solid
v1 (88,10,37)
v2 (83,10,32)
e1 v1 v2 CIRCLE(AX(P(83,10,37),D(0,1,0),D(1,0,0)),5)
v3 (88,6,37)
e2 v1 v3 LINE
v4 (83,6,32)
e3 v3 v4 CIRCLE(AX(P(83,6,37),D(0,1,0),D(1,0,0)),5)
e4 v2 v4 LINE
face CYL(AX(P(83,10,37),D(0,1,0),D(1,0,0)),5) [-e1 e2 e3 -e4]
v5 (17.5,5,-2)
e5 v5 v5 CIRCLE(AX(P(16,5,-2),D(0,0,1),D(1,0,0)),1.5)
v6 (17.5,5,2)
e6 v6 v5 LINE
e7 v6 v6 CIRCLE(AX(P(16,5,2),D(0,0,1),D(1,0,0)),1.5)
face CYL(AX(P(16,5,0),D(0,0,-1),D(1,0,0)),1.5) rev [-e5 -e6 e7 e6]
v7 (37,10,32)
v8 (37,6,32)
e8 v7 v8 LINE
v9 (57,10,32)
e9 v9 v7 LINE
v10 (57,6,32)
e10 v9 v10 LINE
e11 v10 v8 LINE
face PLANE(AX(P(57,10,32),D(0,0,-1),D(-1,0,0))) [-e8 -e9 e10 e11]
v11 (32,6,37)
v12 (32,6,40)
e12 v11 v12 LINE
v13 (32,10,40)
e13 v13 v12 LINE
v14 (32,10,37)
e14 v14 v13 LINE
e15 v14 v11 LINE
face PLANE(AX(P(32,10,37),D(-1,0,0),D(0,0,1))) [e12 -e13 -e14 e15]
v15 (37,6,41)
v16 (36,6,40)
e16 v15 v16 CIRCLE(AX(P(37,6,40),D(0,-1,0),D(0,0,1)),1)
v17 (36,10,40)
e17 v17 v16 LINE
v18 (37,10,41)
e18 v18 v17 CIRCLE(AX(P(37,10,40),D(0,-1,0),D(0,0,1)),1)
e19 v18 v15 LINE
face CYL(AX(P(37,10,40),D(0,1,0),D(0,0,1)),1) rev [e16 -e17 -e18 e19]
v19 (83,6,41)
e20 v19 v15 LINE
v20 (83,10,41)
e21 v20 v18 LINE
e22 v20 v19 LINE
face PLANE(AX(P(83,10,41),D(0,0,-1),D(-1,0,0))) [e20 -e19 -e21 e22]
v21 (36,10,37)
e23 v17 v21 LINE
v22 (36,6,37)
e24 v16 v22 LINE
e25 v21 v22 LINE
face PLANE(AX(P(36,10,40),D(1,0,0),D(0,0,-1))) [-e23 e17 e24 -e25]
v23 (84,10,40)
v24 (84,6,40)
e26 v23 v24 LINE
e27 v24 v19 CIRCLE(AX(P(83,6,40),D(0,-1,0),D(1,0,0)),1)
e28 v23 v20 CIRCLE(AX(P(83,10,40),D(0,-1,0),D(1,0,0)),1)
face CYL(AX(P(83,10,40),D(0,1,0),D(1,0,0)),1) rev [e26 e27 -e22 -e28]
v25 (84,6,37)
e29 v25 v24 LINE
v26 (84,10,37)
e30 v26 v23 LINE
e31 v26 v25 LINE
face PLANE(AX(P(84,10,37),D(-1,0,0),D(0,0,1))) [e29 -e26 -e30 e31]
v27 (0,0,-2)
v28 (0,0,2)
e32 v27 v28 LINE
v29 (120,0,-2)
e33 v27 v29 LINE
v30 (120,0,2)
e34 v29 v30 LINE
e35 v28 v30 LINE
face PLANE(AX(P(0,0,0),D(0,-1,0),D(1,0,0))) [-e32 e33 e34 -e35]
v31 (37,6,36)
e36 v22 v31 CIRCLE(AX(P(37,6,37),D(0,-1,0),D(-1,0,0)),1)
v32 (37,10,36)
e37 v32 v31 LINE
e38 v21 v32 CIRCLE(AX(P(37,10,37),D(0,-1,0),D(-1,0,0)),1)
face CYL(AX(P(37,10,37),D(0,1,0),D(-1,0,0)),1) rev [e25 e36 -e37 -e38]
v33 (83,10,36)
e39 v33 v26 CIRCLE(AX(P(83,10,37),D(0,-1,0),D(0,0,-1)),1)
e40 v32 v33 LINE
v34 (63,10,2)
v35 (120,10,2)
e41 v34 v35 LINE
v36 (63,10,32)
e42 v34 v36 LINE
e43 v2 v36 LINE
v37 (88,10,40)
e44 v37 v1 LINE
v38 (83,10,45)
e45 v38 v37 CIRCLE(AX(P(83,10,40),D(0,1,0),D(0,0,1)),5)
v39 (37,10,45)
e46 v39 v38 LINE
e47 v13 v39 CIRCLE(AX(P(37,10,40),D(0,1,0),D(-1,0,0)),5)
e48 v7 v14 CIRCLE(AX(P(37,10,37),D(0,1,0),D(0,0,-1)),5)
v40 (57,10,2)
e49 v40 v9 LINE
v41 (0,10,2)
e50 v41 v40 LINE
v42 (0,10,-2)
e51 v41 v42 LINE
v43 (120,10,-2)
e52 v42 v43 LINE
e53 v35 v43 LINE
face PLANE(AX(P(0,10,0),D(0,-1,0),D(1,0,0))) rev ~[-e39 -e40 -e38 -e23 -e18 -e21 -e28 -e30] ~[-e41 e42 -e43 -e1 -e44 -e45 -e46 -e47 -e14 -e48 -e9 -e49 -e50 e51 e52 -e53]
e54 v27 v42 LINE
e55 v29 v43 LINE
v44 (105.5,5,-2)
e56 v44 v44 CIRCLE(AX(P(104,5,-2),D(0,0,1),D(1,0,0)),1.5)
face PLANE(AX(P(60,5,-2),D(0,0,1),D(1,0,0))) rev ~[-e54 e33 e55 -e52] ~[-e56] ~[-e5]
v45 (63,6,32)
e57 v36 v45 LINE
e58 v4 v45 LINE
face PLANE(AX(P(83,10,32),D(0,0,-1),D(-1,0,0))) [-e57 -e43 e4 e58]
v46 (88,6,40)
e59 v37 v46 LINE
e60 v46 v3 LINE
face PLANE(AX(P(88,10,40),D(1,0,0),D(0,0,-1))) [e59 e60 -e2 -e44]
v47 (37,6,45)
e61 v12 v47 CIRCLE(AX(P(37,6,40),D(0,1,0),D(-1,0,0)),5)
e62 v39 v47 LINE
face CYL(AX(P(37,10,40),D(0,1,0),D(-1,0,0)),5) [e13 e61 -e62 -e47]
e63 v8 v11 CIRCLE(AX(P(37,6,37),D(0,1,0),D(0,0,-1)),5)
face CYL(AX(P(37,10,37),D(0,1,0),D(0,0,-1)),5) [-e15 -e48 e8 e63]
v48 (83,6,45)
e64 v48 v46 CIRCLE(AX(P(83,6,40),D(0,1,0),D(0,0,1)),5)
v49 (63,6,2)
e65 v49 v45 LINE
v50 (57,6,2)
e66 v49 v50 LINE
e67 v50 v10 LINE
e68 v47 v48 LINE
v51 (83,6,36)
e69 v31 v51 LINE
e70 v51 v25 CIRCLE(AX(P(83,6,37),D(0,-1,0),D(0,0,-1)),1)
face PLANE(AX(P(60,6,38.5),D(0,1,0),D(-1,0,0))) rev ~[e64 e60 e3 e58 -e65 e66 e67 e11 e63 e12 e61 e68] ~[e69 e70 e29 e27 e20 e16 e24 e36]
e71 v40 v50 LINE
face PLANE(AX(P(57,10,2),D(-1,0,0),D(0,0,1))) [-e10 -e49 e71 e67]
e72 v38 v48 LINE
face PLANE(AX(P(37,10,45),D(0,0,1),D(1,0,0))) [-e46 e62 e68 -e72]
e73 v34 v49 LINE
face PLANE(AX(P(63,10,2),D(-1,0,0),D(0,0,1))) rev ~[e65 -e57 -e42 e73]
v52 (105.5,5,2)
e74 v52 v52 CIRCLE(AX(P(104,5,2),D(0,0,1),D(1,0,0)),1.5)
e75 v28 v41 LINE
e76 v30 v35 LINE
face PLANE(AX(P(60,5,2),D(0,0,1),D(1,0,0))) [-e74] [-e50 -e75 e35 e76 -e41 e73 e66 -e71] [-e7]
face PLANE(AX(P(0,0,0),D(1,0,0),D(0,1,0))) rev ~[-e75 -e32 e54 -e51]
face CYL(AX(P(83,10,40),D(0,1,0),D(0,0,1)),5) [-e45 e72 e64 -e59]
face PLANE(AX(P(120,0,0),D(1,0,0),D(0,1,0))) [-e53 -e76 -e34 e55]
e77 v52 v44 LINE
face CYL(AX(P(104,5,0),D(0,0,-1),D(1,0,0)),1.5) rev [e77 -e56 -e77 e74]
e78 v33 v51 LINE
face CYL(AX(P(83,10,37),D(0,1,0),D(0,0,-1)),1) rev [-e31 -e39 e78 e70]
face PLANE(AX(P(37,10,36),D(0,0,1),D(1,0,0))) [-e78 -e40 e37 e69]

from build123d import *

# Parameters (mm, degrees)
F0_W     = 120
F0_H     = 10
F0_R     = 1.5
F1_DEPTH = 2
F2_W     = 6
F2_H     = 30
F3_DEPTH = 4


with BuildPart() as f1:
    # F0 (on Top) → F1 (new body, symmetric)
    with BuildSketch(Plane.XY):
        with Locations((60, 5)):
            Rectangle(F0_W, F0_H)
        with Locations((16, 5)):
            Circle(F0_R, mode=Mode.SUBTRACT)
        with Locations((104, 5)):
            Circle(F0_R, mode=Mode.SUBTRACT)
    extrude(amount=F1_DEPTH, both=True)

    # F2 (on face) → F3 (join)
    with BuildSketch(Plane(origin=(0, 10, 0), x_dir=(-1, 0, 0), z_dir=(0, 1, 0))):
        with BuildLine():
            Line((-63, 32), (-57, 32))
            Line((-57, 32), (-37, 32))
            ThreePointArc((-37, 32), (-33.4644660941, 33.4644660941), (-32, 37))
            Line((-32, 37), (-32, 40))
            ThreePointArc((-32, 40), (-33.4644660941, 43.5355339059), (-37, 45))
            Line((-37, 45), (-83, 45))
            ThreePointArc((-83, 45), (-86.5355339059, 43.5355339059), (-88, 40))
            Line((-88, 40), (-88, 37))
            ThreePointArc((-88, 37), (-86.5355339059, 33.4644660941), (-83, 32))
            Line((-83, 32), (-63, 32))
        make_face()
        with BuildLine():
            ThreePointArc((-84, 40), (-83.7071067812, 40.7071067812), (-83, 41))
            Line((-83, 41), (-37, 41))
            ThreePointArc((-37, 41), (-36.2928932188, 40.7071067812), (-36, 40))
            Line((-36, 40), (-36, 37))
            ThreePointArc((-36, 37), (-36.2928932188, 36.2928932188), (-37, 36))
            Line((-37, 36), (-83, 36))
            ThreePointArc((-83, 36), (-83.7071067812, 36.2928932188), (-84, 37))
            Line((-84, 37), (-84, 40))
        make_face(mode=Mode.SUBTRACT)
        with Locations((-60, 17)):
            Rectangle(F2_W, F2_H)
    extrude(amount=-F3_DEPTH)


solid = f1.part
